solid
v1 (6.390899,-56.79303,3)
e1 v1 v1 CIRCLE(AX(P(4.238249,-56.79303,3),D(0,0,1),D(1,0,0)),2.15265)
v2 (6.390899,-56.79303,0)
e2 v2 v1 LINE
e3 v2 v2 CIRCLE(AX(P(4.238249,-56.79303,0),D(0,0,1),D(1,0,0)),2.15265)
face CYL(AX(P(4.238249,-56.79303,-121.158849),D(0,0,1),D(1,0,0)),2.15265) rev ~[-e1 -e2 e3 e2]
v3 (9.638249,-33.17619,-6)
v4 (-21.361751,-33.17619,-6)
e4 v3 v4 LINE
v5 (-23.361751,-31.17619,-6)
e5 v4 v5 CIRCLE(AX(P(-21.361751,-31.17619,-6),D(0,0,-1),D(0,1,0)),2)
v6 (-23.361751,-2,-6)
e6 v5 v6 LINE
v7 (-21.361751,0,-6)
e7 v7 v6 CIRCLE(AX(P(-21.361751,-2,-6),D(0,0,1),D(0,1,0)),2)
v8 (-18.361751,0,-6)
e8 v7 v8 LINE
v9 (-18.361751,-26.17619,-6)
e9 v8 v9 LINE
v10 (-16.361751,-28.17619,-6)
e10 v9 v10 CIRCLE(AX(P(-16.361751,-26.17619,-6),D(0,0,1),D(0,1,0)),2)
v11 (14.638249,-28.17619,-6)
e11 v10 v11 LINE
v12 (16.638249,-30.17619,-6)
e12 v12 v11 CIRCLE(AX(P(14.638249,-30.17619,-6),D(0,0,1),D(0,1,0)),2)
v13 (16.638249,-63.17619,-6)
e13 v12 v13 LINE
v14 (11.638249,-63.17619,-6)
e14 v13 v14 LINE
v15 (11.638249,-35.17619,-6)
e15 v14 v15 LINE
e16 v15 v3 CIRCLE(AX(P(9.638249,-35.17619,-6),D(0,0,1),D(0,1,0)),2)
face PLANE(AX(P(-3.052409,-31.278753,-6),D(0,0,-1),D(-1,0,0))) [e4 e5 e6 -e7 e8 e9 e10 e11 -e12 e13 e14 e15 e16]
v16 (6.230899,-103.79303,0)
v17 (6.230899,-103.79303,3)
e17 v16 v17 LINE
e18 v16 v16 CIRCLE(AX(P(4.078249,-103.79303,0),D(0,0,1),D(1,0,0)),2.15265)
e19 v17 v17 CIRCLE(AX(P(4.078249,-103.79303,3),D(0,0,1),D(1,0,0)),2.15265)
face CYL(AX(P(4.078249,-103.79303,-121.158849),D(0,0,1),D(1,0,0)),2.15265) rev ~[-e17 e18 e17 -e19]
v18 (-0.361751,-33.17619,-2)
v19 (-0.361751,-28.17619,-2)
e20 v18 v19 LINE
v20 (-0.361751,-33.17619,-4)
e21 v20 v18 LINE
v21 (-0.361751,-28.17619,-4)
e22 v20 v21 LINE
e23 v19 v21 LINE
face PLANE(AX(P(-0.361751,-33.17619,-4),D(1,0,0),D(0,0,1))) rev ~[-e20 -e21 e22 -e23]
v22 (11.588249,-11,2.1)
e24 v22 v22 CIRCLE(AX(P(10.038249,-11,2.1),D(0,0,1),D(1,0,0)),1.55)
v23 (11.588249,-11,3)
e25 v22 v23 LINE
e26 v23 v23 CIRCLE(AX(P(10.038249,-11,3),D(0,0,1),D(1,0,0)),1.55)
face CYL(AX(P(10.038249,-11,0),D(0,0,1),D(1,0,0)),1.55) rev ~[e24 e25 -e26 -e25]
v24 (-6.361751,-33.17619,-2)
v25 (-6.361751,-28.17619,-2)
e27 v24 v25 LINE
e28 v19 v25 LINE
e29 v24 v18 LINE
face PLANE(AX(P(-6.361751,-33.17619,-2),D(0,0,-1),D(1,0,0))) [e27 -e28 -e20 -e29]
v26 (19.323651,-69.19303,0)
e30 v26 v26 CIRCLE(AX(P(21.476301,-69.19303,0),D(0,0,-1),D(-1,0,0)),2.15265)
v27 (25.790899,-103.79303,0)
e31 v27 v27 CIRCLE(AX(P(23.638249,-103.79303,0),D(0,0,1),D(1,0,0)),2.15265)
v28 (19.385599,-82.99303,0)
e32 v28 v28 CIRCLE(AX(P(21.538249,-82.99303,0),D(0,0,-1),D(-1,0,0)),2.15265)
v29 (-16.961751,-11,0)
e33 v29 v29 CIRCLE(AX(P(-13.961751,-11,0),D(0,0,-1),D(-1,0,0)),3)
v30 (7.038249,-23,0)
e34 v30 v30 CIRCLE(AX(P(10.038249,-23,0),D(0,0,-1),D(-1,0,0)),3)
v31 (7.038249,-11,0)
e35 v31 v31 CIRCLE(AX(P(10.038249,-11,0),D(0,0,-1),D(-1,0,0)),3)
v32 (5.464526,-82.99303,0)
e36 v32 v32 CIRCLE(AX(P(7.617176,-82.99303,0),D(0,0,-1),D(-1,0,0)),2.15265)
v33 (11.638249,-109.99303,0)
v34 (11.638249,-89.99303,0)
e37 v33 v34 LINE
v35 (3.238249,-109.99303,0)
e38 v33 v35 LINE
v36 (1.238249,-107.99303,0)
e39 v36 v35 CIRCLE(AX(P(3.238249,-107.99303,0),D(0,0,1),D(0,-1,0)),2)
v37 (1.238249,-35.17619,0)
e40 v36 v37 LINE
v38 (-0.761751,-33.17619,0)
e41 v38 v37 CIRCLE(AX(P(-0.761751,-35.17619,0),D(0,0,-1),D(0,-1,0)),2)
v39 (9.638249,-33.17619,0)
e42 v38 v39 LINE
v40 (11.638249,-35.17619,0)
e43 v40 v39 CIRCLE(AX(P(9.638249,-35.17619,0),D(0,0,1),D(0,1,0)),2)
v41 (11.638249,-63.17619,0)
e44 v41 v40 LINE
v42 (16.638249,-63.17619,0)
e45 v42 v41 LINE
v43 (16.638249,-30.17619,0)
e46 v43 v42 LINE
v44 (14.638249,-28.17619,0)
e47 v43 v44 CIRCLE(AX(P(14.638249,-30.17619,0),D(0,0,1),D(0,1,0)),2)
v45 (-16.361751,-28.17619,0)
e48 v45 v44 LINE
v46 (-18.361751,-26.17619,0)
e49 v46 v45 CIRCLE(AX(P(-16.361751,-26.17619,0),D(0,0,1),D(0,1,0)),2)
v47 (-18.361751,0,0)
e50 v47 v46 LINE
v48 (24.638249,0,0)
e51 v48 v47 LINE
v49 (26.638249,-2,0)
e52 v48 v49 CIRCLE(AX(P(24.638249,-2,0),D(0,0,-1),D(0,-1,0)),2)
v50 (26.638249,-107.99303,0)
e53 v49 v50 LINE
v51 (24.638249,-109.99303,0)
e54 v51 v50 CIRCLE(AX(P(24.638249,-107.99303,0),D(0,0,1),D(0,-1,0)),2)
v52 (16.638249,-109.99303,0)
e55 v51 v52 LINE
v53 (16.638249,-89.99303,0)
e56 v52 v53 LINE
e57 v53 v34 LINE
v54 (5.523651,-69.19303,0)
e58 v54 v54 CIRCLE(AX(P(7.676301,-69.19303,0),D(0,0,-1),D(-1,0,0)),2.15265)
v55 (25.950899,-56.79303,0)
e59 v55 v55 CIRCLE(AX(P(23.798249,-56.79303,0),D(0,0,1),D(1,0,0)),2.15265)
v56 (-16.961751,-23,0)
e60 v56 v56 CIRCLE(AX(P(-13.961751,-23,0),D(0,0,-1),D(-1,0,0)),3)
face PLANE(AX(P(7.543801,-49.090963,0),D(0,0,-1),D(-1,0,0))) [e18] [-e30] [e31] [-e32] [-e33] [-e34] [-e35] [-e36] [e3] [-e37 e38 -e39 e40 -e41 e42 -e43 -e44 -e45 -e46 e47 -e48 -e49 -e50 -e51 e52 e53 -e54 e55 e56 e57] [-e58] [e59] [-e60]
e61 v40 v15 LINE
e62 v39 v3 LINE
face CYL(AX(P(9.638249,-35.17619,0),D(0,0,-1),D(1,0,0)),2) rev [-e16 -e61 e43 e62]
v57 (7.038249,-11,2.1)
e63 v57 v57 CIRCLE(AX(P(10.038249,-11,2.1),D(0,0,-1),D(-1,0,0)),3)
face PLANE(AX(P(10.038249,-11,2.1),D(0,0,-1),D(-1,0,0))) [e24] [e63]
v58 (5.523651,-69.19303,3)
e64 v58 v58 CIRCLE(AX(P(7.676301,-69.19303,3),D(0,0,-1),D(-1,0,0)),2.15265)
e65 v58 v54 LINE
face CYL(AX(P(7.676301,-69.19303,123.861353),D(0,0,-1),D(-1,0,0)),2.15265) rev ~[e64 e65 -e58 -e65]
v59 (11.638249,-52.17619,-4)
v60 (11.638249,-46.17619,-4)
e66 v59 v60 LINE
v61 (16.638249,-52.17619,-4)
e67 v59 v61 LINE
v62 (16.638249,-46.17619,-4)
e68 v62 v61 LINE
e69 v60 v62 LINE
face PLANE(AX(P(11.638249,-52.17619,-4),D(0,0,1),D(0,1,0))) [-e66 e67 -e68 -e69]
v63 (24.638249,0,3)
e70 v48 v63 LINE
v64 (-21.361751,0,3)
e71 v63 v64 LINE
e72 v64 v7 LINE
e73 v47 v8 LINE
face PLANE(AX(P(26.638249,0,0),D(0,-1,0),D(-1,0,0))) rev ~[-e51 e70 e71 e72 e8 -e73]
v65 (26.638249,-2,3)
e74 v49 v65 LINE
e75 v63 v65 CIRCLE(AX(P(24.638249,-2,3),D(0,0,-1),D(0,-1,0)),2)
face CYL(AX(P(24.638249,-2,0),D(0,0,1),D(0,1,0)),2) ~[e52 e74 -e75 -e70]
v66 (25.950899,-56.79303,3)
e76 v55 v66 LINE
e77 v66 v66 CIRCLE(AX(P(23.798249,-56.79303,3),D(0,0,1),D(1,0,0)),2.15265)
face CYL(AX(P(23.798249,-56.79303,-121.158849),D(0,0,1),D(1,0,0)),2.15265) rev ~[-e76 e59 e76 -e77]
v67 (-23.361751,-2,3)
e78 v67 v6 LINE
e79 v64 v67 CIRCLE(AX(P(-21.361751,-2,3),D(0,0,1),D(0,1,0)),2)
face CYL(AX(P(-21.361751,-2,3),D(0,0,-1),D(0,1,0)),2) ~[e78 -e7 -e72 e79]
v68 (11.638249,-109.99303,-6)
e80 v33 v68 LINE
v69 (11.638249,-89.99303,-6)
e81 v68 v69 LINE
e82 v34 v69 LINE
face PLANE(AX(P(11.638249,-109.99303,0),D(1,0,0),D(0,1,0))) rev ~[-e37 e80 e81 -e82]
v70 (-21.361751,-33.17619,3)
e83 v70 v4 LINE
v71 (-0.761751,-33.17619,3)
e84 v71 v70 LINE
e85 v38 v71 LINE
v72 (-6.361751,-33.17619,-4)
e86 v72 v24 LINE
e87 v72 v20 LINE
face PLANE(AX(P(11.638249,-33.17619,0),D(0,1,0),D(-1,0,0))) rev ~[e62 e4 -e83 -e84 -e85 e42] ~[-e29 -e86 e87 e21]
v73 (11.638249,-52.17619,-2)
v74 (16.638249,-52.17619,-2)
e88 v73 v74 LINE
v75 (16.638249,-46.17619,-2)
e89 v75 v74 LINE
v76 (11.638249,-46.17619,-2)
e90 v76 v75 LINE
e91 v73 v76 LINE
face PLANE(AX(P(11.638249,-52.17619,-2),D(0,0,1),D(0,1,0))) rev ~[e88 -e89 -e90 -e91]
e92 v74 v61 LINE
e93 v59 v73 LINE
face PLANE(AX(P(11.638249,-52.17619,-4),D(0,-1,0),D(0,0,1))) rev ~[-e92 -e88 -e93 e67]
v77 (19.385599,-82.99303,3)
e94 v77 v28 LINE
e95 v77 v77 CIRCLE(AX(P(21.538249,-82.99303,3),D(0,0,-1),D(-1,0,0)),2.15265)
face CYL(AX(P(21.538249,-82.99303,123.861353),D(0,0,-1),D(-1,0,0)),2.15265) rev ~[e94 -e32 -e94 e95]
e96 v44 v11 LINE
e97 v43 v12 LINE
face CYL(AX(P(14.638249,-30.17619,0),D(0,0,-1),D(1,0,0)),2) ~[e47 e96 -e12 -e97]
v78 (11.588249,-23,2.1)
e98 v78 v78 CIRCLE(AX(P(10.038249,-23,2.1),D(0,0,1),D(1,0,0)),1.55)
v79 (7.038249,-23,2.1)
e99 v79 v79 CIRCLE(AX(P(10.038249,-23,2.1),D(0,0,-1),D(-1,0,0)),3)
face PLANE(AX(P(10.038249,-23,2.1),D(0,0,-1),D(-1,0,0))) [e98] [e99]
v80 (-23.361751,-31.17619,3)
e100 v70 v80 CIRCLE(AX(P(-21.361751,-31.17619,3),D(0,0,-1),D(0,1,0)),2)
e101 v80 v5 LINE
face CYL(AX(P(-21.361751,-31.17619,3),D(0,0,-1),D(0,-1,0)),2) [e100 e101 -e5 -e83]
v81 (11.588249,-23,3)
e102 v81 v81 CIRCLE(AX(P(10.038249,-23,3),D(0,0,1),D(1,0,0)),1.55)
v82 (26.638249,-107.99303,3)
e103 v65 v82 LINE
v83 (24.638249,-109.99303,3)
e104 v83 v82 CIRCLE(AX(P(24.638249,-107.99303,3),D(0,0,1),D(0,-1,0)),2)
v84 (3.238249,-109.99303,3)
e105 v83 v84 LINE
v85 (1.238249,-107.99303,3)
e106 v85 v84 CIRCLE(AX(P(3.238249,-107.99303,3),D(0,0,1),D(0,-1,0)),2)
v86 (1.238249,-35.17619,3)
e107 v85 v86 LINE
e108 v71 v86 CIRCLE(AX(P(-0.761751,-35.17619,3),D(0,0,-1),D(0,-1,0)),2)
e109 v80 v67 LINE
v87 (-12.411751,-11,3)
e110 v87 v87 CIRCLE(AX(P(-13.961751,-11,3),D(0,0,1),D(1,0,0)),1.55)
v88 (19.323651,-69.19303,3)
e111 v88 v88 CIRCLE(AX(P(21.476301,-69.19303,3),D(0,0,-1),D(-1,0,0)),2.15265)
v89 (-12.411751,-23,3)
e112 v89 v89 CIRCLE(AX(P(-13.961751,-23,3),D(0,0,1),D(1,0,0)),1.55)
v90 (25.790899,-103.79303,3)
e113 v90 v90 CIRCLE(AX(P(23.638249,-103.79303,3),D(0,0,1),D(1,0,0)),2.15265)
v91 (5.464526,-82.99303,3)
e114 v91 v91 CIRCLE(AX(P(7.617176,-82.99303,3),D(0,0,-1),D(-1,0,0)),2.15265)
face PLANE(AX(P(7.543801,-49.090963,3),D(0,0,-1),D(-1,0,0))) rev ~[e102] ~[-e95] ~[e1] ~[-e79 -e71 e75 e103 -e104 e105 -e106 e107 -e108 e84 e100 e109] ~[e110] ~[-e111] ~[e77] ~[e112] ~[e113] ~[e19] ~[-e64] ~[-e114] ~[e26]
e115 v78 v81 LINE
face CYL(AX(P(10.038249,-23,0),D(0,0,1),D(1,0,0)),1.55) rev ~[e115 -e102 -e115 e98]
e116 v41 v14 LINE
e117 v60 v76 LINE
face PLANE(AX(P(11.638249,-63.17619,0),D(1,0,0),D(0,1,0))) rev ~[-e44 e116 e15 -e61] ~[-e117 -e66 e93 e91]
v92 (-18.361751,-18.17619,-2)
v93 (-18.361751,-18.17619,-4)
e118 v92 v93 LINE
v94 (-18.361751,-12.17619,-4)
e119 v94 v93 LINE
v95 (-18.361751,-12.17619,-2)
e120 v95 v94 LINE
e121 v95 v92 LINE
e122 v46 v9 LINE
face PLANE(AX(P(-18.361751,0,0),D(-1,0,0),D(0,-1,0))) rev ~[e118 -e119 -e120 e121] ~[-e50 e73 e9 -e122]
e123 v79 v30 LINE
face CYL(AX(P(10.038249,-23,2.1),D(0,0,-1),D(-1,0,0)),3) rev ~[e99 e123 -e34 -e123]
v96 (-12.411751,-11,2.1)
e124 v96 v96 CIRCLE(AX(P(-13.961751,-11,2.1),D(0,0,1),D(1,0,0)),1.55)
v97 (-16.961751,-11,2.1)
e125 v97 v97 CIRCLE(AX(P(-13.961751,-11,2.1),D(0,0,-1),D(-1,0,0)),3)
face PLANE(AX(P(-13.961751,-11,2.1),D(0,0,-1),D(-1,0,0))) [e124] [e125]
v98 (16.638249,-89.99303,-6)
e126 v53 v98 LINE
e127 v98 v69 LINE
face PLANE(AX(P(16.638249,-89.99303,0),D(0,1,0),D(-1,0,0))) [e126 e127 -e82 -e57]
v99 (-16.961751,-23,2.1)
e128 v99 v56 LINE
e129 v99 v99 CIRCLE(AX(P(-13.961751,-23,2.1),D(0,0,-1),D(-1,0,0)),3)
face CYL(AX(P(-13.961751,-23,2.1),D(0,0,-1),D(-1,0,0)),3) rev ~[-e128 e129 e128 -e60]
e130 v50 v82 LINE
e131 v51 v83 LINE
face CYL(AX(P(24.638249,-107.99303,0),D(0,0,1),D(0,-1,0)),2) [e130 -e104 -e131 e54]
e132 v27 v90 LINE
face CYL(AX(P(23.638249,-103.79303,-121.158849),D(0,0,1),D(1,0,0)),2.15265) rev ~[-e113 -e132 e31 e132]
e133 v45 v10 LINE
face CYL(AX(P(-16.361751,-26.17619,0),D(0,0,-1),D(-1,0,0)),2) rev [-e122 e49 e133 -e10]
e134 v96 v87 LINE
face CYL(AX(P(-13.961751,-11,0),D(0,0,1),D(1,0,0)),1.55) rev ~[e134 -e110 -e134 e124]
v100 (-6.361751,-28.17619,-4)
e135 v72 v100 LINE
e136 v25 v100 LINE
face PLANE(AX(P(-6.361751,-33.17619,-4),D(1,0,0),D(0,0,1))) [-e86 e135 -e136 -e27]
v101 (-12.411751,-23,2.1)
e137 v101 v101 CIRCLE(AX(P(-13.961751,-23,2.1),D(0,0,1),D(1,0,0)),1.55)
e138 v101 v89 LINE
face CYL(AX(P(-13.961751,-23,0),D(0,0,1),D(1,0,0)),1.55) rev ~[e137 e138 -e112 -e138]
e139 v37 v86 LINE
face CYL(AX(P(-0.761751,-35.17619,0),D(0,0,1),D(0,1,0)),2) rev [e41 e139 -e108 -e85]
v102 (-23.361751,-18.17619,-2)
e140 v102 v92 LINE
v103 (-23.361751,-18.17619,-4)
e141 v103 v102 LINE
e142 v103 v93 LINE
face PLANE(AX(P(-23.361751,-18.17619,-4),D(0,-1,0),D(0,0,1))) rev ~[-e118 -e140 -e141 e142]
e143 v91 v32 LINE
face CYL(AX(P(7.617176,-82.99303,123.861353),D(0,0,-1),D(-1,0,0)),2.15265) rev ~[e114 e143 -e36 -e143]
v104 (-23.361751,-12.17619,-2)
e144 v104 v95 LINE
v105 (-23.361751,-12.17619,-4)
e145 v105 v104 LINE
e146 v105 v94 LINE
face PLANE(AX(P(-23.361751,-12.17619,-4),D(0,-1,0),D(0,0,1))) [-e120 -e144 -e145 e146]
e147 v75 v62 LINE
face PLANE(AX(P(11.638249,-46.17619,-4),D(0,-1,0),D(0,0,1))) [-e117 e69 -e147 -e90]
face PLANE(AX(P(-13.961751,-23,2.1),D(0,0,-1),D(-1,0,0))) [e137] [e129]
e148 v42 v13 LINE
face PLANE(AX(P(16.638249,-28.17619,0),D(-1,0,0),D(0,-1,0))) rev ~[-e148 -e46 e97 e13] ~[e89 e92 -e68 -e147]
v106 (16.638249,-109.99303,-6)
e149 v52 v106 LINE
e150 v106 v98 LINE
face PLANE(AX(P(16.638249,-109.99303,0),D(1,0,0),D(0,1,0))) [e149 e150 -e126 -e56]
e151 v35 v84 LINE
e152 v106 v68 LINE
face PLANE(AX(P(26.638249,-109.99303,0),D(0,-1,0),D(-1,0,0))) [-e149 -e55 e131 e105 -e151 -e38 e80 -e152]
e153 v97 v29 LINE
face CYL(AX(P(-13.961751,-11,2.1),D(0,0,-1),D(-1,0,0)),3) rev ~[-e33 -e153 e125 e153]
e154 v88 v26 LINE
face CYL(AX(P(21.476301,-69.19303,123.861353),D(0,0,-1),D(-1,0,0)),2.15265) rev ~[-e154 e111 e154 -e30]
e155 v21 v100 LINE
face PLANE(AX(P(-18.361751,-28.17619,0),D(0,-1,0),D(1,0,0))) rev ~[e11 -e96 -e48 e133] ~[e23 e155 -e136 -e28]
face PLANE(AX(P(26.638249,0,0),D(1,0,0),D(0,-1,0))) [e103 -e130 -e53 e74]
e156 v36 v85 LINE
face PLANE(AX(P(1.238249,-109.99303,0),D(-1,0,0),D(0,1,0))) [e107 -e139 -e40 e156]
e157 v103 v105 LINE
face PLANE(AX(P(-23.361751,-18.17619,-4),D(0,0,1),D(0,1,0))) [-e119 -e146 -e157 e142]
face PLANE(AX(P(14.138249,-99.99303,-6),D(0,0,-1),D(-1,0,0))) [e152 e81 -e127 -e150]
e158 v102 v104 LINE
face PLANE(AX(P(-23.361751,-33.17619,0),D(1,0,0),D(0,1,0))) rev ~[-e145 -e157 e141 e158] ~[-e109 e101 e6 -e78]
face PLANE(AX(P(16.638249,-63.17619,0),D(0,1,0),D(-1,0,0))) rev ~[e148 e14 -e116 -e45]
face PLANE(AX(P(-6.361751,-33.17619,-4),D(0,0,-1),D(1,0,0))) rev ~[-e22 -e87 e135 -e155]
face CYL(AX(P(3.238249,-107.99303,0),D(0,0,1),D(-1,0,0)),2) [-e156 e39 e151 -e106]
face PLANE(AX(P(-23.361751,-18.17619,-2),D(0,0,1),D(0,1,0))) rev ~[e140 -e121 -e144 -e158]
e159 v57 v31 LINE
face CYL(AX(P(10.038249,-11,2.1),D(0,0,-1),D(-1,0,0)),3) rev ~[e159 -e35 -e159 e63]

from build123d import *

# Parameters (mm, degrees)
BOSS_EXTRU_1_DEPTH                                 = 3
D_GAGEMENT_61_D                                    = 4.3053
CHAMBRAGE_POUR_VIS_T_TE_RONDE_BOMB_E_M_D           = 3.1
CHAMBRAGE_POUR_VIS_T_TE_RONDE_BOMB_E_M_CBORE_D     = 6
CHAMBRAGE_POUR_VIS_T_TE_RONDE_BOMB_E_M_CBORE_DEPTH = 2.1
ESQUISSE7_W                                        = 5
ESQUISSE7_H                                        = 20
BOSS_EXTRU_2_DEPTH                                 = 6
ENL_V_MAT_EXTRU_1_REACH                            = 117.583
ESQUISSE8_W                                        = 2
ESQUISSE8_H                                        = 6
ENL_V_MAT_EXTRU_2_REACH                            = 83.526
ESQUISSE9_W                                        = 6
ESQUISSE9_H                                        = 2
ENL_V_MAT_EXTRU_3_REACH                            = 122.973
ESQUISSE10_W                                       = 2
ESQUISSE10_H                                       = 6
CONG_1_R                                           = 2
D_GAGEMENT_65_D                                    = 4.3053
D_GAGEMENT_64_D                                    = 4.3053


with BuildPart() as part:
    # Esquisse1 → Boss.-Extru.1 (new body)
    with BuildSketch(Plane.XY):
        Polygon((0, 0), (26.638249305, 0), (26.638249305, -109.993030409), (1.238249305, -109.993030409), (1.238249305, -33.176189805), (-23.361750695, -33.176189805), (-23.361750695, 0), align=None)
    extrude(amount=BOSS_EXTRU_1_DEPTH)

    # Dégagement #61 (through all)
    with Locations(Plane.XY.offset(3)):
        with Locations((21.47630139, -69.193030409), (7.67630139, -69.193030409), (7.617175732, -82.993030409), (21.538249305, -82.993030409)):
            Hole(D_GAGEMENT_61_D / 2)

    # Chambrage pour vis à tête ronde bombée M2.51 (through all)
    with Locations(Plane(origin=(0, 0, 0), x_dir=(-1, 0, 0), z_dir=(0, 0, -1))):
        with Locations((13.961750695, -23), (13.961750695, -11), (-10.038249305, -11), (-10.038249305, -23)):
            CounterBoreHole(CHAMBRAGE_POUR_VIS_T_TE_RONDE_BOMB_E_M_D / 2, CHAMBRAGE_POUR_VIS_T_TE_RONDE_BOMB_E_M_CBORE_D / 2, CHAMBRAGE_POUR_VIS_T_TE_RONDE_BOMB_E_M_CBORE_DEPTH)

    # Esquisse7 → Boss.-Extru.2 (add)
    with BuildSketch(Plane(origin=(0, 0, 0), x_dir=(-1, 0, 0), z_dir=(0, 0, -1))):
        Polygon((-11.638249305, -63.176189805), (-11.638249305, -33.176189805), (23.361750695, -33.176189805), (23.361750695, 0), (18.361750695, 0), (18.361750695, -28.176189805), (-16.638249305, -28.176189805), (-16.638249305, -63.176189805), align=None)
        with Locations((-14.138249305, -99.993030409)):
            Rectangle(ESQUISSE7_W, ESQUISSE7_H)
    extrude(amount=BOSS_EXTRU_2_DEPTH)

    # Esquisse8 → Enlèv. mat.-Extru.1 (cut, up to next)
    with BuildSketch(Plane.ZY.offset(-11.638249305), mode=Mode.PRIVATE) as enl_v_mat_extru_1_sk1:
        with Locations((-3, -49.176189805)):
            Rectangle(ESQUISSE8_W, ESQUISSE8_H)
    enl_v_mat_extru_1_tool1 = extrude(enl_v_mat_extru_1_sk1.sketch, amount=-ENL_V_MAT_EXTRU_1_REACH, mode=Mode.PRIVATE) & part.part
    add(enl_v_mat_extru_1_tool1.solids().sort_by_distance((11.638249, -49.17619, -3))[0], mode=Mode.SUBTRACT)

    # Esquisse9 → Enlèv. mat.-Extru.2 (cut, up to next)
    with BuildSketch(Plane.XZ.offset(33.176189805), mode=Mode.PRIVATE) as enl_v_mat_extru_2_sk1:
        with Locations((-3.361750695, -3)):
            Rectangle(ESQUISSE9_W, ESQUISSE9_H)
    enl_v_mat_extru_2_tool1 = extrude(enl_v_mat_extru_2_sk1.sketch, amount=-ENL_V_MAT_EXTRU_2_REACH, mode=Mode.PRIVATE) & part.part
    add(enl_v_mat_extru_2_tool1.solids().sort_by_distance((-3.361751, -33.17619, -3))[0], mode=Mode.SUBTRACT)

    # Esquisse10 → Enlèv. mat.-Extru.3 (cut, up to next)
    with BuildSketch(Plane.ZY.offset(23.361750695), mode=Mode.PRIVATE) as enl_v_mat_extru_3_sk1:
        with Locations((-3, -15.176189805)):
            Rectangle(ESQUISSE10_W, ESQUISSE10_H)
    enl_v_mat_extru_3_tool1 = extrude(enl_v_mat_extru_3_sk1.sketch, amount=-ENL_V_MAT_EXTRU_3_REACH, mode=Mode.PRIVATE) & part.part
    add(enl_v_mat_extru_3_tool1.solids().sort_by_distance((-23.361751, -15.17619, -3))[0], mode=Mode.SUBTRACT)

    # Congé1
    cong_1_edges = [part.edges().sort_by_distance(p)[0] for p in [
        (26.638249305, 0, 1.5),
        (26.638249305, -109.993030409, 1.5),
        (1.238249305, -109.993030409, 1.5),
        (1.238249305, -33.176189805, 1.5),
        (-23.361750695, -33.176189805, -1.5),
        (-23.361750695, 0, -1.5),
        (-18.361750695, -28.176189805, -3),
        (16.638249305, -28.176189805, -3),
        (11.638249305, -33.176189805, -3),
    ]]
    fillet(cong_1_edges, radius=CONG_1_R)

    # Dégagement #65 (through all)
    with Locations(Plane(origin=(0, 0, 0), x_dir=(-1, 0, 0), z_dir=(0, 0, -1))):
        with Locations((-23.638249305, -103.793030409), (-4.078249305, -103.793030409)):
            Hole(D_GAGEMENT_65_D / 2)

    # Dégagement #64 (through all)
    with Locations(Plane(origin=(0, 0, 0), x_dir=(-1, 0, 0), z_dir=(0, 0, -1))):
        with Locations((-23.798249305, -56.793030409), (-4.238249305, -56.793030409)):
            Hole(D_GAGEMENT_64_D / 2)


solid = part.part
